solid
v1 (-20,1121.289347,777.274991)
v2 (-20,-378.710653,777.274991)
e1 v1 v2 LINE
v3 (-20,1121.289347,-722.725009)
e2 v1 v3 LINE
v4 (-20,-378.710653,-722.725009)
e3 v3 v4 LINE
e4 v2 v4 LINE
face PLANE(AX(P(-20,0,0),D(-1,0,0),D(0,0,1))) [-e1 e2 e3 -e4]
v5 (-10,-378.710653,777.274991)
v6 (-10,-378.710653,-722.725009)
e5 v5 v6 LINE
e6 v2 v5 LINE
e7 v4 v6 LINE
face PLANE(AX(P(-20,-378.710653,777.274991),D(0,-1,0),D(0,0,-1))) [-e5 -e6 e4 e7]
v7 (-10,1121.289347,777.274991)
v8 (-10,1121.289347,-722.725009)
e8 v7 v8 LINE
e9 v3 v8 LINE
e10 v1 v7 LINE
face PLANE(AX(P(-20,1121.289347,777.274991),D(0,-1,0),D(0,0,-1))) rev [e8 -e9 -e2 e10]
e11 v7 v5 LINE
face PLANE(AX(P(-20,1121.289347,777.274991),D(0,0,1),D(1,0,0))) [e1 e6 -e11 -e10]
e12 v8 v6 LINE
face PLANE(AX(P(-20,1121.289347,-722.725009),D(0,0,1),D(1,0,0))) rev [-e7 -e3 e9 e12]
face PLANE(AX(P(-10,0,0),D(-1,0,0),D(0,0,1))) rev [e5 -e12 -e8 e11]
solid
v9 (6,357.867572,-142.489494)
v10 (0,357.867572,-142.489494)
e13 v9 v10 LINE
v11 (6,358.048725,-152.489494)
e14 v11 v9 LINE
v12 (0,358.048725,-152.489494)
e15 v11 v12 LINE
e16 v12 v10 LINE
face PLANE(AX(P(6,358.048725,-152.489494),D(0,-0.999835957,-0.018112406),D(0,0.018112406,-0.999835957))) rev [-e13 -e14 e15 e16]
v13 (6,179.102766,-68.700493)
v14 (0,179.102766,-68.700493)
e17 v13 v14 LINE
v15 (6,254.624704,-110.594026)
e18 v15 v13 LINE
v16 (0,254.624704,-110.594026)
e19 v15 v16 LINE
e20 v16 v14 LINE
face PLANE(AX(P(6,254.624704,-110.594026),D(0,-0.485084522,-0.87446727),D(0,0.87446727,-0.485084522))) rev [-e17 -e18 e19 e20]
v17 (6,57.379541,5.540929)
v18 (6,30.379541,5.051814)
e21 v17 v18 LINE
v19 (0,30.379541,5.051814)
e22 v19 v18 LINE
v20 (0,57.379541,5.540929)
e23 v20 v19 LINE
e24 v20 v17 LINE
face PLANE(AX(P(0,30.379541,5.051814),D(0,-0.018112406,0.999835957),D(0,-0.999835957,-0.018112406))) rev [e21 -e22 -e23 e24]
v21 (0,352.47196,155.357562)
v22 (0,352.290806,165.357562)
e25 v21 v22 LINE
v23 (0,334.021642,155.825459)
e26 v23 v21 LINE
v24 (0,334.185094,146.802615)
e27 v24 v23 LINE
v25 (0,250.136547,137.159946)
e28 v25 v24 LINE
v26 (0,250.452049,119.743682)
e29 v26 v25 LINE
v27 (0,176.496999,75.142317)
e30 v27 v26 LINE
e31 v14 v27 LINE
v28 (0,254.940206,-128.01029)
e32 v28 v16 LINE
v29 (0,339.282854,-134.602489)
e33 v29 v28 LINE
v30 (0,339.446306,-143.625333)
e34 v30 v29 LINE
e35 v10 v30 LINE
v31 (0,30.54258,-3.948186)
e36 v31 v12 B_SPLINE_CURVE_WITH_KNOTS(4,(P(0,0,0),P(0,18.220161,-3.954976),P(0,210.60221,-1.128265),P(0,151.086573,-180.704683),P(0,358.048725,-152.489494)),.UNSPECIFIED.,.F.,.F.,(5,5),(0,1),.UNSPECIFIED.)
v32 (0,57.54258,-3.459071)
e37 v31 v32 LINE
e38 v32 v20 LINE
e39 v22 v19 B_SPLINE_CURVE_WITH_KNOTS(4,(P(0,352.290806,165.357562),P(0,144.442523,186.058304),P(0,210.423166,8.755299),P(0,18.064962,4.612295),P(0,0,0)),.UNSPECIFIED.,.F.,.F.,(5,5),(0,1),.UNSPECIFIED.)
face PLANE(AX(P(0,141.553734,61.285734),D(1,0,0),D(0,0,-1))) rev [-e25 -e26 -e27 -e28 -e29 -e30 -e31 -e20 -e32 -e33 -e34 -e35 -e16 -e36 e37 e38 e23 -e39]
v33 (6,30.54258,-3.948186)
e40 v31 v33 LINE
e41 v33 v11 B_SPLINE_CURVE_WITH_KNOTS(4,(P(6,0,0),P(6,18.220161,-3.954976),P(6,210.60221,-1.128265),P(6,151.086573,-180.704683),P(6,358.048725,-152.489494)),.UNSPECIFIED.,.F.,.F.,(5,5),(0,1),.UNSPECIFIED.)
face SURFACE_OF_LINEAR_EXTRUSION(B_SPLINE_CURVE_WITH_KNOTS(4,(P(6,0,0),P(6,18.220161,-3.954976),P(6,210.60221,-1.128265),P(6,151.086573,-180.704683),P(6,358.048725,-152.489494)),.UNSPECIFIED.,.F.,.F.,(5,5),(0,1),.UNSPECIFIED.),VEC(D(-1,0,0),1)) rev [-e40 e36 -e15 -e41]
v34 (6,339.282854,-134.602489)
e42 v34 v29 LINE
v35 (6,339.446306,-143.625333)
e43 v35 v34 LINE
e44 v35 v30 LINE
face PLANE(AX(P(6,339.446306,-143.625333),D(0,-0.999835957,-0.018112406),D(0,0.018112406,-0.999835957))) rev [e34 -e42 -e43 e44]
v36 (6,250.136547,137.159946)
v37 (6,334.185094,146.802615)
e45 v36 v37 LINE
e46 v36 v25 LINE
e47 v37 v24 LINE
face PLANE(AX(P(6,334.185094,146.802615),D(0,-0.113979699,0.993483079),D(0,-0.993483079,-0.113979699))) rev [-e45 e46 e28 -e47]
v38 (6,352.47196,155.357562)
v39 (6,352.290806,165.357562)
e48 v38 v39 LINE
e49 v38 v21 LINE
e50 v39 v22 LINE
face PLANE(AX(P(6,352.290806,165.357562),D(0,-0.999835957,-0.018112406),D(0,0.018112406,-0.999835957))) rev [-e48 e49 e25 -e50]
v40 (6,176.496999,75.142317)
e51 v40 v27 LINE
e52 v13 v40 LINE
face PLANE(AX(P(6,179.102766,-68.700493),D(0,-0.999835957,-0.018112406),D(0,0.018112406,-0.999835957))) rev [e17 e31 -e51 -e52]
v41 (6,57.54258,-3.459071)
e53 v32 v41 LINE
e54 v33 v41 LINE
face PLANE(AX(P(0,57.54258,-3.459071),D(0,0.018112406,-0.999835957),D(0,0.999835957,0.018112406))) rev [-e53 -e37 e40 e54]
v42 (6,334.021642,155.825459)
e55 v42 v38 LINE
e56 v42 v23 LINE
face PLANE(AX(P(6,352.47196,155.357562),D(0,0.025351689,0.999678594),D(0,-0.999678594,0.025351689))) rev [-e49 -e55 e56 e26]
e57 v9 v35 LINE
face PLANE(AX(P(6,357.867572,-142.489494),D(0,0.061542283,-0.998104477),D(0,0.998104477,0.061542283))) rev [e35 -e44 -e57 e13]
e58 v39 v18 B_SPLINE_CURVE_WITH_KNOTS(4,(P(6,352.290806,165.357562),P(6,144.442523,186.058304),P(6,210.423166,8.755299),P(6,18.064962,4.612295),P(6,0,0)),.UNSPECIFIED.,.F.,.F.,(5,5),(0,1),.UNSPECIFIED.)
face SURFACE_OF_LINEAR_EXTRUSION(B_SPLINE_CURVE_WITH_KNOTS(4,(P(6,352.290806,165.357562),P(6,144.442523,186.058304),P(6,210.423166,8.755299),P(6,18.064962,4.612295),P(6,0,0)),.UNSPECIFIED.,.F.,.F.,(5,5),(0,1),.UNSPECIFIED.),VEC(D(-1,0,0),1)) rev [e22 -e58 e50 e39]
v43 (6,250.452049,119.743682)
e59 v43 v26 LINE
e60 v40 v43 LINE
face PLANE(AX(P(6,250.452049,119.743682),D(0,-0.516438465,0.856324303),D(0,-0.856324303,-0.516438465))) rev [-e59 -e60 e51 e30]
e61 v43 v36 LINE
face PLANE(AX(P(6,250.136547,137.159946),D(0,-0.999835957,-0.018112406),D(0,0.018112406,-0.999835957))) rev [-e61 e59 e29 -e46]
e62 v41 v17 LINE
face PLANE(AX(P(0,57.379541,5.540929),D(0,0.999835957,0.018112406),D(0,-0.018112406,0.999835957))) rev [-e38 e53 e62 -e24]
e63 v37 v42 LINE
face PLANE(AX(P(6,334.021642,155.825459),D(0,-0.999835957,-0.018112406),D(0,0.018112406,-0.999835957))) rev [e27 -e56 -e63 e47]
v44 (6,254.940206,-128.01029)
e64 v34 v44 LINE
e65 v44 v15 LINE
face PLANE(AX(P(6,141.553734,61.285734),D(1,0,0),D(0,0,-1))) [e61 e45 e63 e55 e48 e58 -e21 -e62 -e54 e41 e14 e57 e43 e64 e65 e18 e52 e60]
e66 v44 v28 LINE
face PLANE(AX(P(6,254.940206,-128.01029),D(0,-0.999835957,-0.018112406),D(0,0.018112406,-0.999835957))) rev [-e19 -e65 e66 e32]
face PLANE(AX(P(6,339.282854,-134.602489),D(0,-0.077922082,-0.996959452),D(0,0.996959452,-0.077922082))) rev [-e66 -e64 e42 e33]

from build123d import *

# Parameters (mm, degrees)
BOSS_EXTRU_2_DEPTH      = 10
BOSS_EXTRU_3_DEPTH      = 6
ENL_V_MAT_EXTRU_1_DEPTH = 6


with BuildPart() as part:
    # Esquisse3D1 → Boss.-Extru.2 (new body)
    with BuildSketch(Plane(origin=(-20, 1121.289346724, 777.274991403), x_dir=(0, -0.7071067811865476, -0.7071067811865476), z_dir=(1, 0, 0))):
        Polygon((0, 0), (1060.66017178, 1060.66017178), (2121.32034356, 0), (1060.66017178, -1060.66017178), align=None)
    extrude(amount=BOSS_EXTRU_2_DEPTH)


with BuildPart() as body_2:
    # Esquisse5 → Boss.-Extru.3 (new body)
    with BuildSketch(Plane(origin=(0, 0, 0), x_dir=(0, 0, -1), z_dir=(1, 0, 0))):
        with BuildLine():
            Line((152.489493697, 358.048725483), (142.489493697, 357.86757171))
            Line((142.489493697, 357.86757171), (143.625333465, 339.446305755))
            Line((143.625333465, 339.446305755), (134.602488793, 339.282853519))
            Line((134.602488793, 339.282853519), (128.010290223, 254.940205779))
            Line((128.010290223, 254.940205779), (110.594025777, 254.624703578))
            Line((110.594025777, 254.624703578), (68.700493155, 179.102765817))
            Line((68.700493155, 179.102765817), (-75.142317047, 176.496999044))
            Line((-75.142317047, 176.496999044), (-119.743681695, 250.452049111))
            Line((-119.743681695, 250.452049111), (-137.159946142, 250.13654691))
            Line((-137.159946142, 250.13654691), (-146.80261473, 334.185093907))
            Line((-146.80261473, 334.185093907), (-155.825459402, 334.021641672))
            Line((-155.825459402, 334.021641672), (-155.357562292, 352.471959926))
            Line((-155.357562292, 352.471959926), (-165.357562292, 352.290806154))
            add(Edge.make_bspline(
                [(0, 0), (-4.612294832, 18.064961959), (-8.755298633, 210.423165767), (-186.058304211, 144.442522753), (-165.357562292, 352.290806154)],
                knots=[0, 0, 0, 0, 0, 1, 1, 1, 1, 1], degree=4))
            add(Edge.make_bspline(
                [(0, 0), (3.954976136, 18.220161304), (1.128265112, 210.602210253), (180.704683158, 151.086572632), (152.489493697, 358.048725483)],
                knots=[0, 0, 0, 0, 0, 1, 1, 1, 1, 1], degree=4))
        make_face()
    extrude(amount=BOSS_EXTRU_3_DEPTH)

    # Esquisse6 → Enlèv. mat.-Extru.1 (cut)
    with BuildSketch(Plane(origin=(6, 0, 0), x_dir=(0, 0, -1), z_dir=(1, 0, 0))):
        Polygon((-5.051813603, 30.379541318), (-5.540928789, 57.379541318), (3.459071211, 57.542579714), (3.948186397, 30.542579714), (117.063261114, -47.52702125), (-85.227699586, -65.220017949), align=None)
    extrude(amount=-ENL_V_MAT_EXTRU_1_DEPTH, mode=Mode.SUBTRACT)


solid = Compound([part.part, body_2.part])
